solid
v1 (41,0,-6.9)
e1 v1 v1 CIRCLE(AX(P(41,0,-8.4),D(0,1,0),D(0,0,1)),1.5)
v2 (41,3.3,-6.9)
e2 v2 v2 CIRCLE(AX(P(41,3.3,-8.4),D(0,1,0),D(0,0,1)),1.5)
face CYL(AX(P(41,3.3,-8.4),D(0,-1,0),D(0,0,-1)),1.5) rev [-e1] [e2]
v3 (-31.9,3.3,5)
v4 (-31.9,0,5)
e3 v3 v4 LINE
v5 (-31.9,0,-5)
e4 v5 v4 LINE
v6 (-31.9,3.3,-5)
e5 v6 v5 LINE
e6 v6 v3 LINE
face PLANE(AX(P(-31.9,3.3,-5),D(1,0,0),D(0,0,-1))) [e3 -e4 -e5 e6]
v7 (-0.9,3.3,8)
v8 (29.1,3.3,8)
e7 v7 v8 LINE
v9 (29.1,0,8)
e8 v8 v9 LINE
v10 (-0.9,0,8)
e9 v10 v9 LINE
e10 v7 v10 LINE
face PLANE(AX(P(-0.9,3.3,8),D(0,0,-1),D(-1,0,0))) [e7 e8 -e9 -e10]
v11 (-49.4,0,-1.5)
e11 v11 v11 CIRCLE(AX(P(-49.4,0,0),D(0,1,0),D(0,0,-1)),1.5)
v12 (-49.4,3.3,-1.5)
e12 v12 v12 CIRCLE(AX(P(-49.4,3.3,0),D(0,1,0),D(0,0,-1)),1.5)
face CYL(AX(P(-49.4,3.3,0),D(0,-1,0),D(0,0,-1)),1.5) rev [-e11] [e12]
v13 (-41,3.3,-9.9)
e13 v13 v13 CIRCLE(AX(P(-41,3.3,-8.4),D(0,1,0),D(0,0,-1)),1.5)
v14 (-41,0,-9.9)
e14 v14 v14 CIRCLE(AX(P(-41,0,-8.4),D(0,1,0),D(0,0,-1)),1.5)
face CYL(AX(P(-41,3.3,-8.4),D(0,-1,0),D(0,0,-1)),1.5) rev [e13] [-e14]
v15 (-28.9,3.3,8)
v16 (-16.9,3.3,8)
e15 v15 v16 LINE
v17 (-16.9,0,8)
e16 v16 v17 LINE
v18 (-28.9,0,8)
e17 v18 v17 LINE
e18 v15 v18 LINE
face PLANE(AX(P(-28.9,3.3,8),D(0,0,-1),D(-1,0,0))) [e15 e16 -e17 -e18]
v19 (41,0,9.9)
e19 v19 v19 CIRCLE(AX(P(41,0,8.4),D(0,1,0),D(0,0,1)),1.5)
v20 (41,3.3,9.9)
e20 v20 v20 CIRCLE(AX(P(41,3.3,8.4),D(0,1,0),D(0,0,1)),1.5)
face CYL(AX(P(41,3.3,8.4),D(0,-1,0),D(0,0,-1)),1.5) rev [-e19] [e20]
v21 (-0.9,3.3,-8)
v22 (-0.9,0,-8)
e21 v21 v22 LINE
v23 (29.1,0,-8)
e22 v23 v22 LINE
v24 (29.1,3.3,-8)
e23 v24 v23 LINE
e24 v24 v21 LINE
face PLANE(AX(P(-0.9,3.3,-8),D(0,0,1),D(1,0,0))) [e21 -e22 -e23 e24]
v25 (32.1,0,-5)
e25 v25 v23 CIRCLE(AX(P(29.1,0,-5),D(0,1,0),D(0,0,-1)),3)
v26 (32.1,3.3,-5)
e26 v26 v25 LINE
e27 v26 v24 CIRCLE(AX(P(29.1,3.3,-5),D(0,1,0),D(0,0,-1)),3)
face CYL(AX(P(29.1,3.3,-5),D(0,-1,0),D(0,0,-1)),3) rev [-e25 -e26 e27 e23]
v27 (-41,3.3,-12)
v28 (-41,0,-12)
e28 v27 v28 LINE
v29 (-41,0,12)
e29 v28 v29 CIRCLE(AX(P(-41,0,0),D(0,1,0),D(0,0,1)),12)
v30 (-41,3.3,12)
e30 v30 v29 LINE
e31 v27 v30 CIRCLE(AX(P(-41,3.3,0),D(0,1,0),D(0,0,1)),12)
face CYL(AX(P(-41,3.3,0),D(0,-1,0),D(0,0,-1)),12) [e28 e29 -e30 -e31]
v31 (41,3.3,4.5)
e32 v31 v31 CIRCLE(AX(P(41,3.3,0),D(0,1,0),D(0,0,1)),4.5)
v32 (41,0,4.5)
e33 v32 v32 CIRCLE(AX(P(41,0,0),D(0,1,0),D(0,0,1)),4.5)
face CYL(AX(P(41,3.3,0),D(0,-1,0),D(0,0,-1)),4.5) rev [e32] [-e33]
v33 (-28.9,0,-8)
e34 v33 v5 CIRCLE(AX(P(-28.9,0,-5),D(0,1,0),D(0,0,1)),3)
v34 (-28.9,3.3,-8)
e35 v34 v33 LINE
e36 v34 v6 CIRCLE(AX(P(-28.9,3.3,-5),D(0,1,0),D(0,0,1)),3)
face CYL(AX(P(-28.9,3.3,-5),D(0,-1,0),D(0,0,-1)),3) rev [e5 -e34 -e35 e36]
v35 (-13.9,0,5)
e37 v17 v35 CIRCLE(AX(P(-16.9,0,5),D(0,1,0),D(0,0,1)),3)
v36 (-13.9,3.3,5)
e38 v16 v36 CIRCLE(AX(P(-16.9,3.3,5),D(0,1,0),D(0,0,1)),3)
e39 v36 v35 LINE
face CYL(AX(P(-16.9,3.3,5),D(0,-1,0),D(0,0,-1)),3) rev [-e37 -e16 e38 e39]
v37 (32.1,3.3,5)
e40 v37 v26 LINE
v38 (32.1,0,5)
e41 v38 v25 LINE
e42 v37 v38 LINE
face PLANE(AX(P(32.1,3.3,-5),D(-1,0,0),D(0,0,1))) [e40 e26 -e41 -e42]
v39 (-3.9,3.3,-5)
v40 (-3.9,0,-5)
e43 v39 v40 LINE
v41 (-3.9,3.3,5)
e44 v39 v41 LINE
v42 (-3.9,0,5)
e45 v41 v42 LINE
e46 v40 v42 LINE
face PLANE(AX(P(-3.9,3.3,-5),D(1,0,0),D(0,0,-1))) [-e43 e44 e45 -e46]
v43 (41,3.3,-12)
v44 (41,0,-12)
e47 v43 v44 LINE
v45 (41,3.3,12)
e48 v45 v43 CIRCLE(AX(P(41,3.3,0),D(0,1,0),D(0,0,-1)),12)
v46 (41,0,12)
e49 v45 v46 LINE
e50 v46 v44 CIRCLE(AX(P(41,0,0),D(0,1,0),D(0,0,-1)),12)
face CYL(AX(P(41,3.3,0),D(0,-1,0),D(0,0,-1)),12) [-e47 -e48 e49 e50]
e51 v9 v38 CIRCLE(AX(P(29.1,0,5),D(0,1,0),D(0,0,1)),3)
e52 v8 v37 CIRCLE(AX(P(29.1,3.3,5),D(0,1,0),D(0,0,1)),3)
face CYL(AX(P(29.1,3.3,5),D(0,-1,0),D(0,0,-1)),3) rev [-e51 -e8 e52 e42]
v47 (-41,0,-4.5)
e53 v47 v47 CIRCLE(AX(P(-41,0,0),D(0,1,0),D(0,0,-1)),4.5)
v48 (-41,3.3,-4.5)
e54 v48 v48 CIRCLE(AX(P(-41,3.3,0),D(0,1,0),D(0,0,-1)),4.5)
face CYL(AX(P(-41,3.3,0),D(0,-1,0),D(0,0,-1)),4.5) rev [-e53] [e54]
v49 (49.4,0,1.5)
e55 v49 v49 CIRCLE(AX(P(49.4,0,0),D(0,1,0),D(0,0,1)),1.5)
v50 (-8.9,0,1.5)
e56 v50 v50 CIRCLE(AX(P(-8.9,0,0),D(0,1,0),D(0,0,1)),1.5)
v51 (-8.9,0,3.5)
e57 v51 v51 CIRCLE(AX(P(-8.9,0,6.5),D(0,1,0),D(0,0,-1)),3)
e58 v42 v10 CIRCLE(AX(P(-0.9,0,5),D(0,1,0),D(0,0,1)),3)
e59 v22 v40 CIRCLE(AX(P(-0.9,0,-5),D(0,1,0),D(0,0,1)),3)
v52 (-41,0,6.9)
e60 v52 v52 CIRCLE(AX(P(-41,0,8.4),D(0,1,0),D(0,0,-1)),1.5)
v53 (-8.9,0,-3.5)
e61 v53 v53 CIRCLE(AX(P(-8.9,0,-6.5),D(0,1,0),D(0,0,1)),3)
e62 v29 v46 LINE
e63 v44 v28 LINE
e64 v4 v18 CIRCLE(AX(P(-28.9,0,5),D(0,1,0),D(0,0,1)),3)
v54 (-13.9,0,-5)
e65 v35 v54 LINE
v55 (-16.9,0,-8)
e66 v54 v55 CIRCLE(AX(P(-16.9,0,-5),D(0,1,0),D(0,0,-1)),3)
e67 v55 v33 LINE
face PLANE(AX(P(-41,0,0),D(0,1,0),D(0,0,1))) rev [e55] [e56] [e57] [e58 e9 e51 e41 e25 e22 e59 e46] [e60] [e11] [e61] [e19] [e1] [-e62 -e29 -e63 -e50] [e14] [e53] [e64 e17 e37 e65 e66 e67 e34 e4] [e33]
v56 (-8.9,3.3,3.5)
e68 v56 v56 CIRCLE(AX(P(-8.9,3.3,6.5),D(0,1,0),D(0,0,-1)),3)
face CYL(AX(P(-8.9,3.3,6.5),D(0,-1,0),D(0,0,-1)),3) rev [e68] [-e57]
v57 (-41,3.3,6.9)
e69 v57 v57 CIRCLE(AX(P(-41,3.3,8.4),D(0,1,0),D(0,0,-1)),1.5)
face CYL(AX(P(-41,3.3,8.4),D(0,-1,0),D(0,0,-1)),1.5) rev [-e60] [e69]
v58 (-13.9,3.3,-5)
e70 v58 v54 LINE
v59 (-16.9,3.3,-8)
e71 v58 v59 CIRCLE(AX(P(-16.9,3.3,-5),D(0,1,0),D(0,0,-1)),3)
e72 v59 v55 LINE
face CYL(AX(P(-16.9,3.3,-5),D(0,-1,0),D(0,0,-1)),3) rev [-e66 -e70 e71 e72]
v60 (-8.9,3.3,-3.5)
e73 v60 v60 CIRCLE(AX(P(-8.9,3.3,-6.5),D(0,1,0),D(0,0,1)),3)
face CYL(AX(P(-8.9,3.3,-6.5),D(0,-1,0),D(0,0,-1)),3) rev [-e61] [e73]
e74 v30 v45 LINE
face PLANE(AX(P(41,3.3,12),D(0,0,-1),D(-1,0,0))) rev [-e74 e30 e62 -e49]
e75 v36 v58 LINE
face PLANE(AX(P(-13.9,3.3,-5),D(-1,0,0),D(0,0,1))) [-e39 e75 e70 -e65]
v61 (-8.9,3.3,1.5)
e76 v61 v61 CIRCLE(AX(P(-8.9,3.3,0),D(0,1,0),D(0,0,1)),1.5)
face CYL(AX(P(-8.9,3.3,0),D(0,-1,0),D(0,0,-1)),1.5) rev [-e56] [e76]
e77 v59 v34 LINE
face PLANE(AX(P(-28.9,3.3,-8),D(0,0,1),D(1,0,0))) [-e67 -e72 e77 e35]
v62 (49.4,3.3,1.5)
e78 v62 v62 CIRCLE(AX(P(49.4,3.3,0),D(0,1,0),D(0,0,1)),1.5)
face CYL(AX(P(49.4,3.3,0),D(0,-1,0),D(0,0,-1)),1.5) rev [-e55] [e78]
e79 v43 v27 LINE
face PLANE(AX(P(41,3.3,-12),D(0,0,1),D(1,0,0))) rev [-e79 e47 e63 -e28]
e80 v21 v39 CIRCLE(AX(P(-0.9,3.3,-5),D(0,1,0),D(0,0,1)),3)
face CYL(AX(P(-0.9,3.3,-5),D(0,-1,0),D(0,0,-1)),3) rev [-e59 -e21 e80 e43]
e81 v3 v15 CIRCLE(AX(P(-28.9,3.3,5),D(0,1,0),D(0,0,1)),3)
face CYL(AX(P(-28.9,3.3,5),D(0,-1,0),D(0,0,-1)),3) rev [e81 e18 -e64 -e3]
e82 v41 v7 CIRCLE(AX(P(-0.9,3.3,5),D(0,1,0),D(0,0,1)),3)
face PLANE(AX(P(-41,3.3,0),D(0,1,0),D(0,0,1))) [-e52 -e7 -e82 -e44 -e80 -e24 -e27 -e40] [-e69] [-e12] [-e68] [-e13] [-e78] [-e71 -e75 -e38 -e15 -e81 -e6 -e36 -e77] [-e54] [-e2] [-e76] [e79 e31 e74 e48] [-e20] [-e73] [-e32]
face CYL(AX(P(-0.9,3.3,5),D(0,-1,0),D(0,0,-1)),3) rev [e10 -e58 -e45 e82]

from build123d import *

# Parameters (mm, degrees)
SKETCH1_R           = 4.5
SKETCH1_R_2         = 1.5
SKETCH1_R_3         = 3
BOSS_EXTRUDE1_DEPTH = 3.3


with BuildPart() as part:
    # Sketch1 → Boss-Extrude1 (new body)
    with BuildSketch(Plane(origin=(0, 0, 0), x_dir=(1, 0, 0), z_dir=(0, 1, 0))):
        with BuildLine():
            Line((41, -12), (-41, -12))
            ThreePointArc((-41, -12), (-53, 0), (-41, 12))
            Line((-41, 12), (41, 12))
            ThreePointArc((41, 12), (53, 0), (41, -12))
        make_face()
        with Locations((41, 0)):
            Circle(SKETCH1_R, mode=Mode.SUBTRACT)
        with Locations((41, 8.4)):
            Circle(SKETCH1_R_2, mode=Mode.SUBTRACT)
        with Locations((49.4, 0)):
            Circle(SKETCH1_R_2, mode=Mode.SUBTRACT)
        with Locations((41, -8.4)):
            Circle(SKETCH1_R_2, mode=Mode.SUBTRACT)
        with Locations((-41, -8.4)):
            Circle(SKETCH1_R_2, mode=Mode.SUBTRACT)
        with Locations((-49.4, 0)):
            Circle(SKETCH1_R_2, mode=Mode.SUBTRACT)
        with Locations((-41, 8.4)):
            Circle(SKETCH1_R_2, mode=Mode.SUBTRACT)
        with Locations((-41, 0)):
            Circle(SKETCH1_R, mode=Mode.SUBTRACT)
        with Locations((-8.9, 0)):
            Circle(SKETCH1_R_2, mode=Mode.SUBTRACT)
        with Locations((-8.9, 6.5)):
            Circle(SKETCH1_R_3, mode=Mode.SUBTRACT)
        with Locations((-8.9, -6.5)):
            Circle(SKETCH1_R_3, mode=Mode.SUBTRACT)
        with BuildLine():
            Line((-0.9, 8), (29.1, 8))
            ThreePointArc((29.1, 8), (31.221320344, 7.121320344), (32.1, 5))
            Line((32.1, 5), (32.1, -5))
            ThreePointArc((32.1, -5), (31.221320344, -7.121320344), (29.1, -8))
            Line((29.1, -8), (-0.9, -8))
            ThreePointArc((-0.9, -8), (-3.021320344, -7.121320344), (-3.9, -5))
            Line((-3.9, -5), (-3.9, 5))
            ThreePointArc((-3.9, 5), (-3.021320344, 7.121320344), (-0.9, 8))
        make_face(mode=Mode.SUBTRACT)
        with BuildLine():
            Line((-28.9, 8), (-16.9, 8))
            ThreePointArc((-16.9, 8), (-14.778679656, 7.121320344), (-13.9, 5))
            Line((-13.9, 5), (-13.9, -5))
            ThreePointArc((-13.9, -5), (-14.778679656, -7.121320344), (-16.9, -8))
            Line((-16.9, -8), (-28.9, -8))
            ThreePointArc((-28.9, -8), (-31.021320344, -7.121320344), (-31.9, -5))
            Line((-31.9, -5), (-31.9, 5))
            ThreePointArc((-31.9, 5), (-31.021320344, 7.121320344), (-28.9, 8))
        make_face(mode=Mode.SUBTRACT)
    extrude(amount=BOSS_EXTRUDE1_DEPTH)


solid = part.part
